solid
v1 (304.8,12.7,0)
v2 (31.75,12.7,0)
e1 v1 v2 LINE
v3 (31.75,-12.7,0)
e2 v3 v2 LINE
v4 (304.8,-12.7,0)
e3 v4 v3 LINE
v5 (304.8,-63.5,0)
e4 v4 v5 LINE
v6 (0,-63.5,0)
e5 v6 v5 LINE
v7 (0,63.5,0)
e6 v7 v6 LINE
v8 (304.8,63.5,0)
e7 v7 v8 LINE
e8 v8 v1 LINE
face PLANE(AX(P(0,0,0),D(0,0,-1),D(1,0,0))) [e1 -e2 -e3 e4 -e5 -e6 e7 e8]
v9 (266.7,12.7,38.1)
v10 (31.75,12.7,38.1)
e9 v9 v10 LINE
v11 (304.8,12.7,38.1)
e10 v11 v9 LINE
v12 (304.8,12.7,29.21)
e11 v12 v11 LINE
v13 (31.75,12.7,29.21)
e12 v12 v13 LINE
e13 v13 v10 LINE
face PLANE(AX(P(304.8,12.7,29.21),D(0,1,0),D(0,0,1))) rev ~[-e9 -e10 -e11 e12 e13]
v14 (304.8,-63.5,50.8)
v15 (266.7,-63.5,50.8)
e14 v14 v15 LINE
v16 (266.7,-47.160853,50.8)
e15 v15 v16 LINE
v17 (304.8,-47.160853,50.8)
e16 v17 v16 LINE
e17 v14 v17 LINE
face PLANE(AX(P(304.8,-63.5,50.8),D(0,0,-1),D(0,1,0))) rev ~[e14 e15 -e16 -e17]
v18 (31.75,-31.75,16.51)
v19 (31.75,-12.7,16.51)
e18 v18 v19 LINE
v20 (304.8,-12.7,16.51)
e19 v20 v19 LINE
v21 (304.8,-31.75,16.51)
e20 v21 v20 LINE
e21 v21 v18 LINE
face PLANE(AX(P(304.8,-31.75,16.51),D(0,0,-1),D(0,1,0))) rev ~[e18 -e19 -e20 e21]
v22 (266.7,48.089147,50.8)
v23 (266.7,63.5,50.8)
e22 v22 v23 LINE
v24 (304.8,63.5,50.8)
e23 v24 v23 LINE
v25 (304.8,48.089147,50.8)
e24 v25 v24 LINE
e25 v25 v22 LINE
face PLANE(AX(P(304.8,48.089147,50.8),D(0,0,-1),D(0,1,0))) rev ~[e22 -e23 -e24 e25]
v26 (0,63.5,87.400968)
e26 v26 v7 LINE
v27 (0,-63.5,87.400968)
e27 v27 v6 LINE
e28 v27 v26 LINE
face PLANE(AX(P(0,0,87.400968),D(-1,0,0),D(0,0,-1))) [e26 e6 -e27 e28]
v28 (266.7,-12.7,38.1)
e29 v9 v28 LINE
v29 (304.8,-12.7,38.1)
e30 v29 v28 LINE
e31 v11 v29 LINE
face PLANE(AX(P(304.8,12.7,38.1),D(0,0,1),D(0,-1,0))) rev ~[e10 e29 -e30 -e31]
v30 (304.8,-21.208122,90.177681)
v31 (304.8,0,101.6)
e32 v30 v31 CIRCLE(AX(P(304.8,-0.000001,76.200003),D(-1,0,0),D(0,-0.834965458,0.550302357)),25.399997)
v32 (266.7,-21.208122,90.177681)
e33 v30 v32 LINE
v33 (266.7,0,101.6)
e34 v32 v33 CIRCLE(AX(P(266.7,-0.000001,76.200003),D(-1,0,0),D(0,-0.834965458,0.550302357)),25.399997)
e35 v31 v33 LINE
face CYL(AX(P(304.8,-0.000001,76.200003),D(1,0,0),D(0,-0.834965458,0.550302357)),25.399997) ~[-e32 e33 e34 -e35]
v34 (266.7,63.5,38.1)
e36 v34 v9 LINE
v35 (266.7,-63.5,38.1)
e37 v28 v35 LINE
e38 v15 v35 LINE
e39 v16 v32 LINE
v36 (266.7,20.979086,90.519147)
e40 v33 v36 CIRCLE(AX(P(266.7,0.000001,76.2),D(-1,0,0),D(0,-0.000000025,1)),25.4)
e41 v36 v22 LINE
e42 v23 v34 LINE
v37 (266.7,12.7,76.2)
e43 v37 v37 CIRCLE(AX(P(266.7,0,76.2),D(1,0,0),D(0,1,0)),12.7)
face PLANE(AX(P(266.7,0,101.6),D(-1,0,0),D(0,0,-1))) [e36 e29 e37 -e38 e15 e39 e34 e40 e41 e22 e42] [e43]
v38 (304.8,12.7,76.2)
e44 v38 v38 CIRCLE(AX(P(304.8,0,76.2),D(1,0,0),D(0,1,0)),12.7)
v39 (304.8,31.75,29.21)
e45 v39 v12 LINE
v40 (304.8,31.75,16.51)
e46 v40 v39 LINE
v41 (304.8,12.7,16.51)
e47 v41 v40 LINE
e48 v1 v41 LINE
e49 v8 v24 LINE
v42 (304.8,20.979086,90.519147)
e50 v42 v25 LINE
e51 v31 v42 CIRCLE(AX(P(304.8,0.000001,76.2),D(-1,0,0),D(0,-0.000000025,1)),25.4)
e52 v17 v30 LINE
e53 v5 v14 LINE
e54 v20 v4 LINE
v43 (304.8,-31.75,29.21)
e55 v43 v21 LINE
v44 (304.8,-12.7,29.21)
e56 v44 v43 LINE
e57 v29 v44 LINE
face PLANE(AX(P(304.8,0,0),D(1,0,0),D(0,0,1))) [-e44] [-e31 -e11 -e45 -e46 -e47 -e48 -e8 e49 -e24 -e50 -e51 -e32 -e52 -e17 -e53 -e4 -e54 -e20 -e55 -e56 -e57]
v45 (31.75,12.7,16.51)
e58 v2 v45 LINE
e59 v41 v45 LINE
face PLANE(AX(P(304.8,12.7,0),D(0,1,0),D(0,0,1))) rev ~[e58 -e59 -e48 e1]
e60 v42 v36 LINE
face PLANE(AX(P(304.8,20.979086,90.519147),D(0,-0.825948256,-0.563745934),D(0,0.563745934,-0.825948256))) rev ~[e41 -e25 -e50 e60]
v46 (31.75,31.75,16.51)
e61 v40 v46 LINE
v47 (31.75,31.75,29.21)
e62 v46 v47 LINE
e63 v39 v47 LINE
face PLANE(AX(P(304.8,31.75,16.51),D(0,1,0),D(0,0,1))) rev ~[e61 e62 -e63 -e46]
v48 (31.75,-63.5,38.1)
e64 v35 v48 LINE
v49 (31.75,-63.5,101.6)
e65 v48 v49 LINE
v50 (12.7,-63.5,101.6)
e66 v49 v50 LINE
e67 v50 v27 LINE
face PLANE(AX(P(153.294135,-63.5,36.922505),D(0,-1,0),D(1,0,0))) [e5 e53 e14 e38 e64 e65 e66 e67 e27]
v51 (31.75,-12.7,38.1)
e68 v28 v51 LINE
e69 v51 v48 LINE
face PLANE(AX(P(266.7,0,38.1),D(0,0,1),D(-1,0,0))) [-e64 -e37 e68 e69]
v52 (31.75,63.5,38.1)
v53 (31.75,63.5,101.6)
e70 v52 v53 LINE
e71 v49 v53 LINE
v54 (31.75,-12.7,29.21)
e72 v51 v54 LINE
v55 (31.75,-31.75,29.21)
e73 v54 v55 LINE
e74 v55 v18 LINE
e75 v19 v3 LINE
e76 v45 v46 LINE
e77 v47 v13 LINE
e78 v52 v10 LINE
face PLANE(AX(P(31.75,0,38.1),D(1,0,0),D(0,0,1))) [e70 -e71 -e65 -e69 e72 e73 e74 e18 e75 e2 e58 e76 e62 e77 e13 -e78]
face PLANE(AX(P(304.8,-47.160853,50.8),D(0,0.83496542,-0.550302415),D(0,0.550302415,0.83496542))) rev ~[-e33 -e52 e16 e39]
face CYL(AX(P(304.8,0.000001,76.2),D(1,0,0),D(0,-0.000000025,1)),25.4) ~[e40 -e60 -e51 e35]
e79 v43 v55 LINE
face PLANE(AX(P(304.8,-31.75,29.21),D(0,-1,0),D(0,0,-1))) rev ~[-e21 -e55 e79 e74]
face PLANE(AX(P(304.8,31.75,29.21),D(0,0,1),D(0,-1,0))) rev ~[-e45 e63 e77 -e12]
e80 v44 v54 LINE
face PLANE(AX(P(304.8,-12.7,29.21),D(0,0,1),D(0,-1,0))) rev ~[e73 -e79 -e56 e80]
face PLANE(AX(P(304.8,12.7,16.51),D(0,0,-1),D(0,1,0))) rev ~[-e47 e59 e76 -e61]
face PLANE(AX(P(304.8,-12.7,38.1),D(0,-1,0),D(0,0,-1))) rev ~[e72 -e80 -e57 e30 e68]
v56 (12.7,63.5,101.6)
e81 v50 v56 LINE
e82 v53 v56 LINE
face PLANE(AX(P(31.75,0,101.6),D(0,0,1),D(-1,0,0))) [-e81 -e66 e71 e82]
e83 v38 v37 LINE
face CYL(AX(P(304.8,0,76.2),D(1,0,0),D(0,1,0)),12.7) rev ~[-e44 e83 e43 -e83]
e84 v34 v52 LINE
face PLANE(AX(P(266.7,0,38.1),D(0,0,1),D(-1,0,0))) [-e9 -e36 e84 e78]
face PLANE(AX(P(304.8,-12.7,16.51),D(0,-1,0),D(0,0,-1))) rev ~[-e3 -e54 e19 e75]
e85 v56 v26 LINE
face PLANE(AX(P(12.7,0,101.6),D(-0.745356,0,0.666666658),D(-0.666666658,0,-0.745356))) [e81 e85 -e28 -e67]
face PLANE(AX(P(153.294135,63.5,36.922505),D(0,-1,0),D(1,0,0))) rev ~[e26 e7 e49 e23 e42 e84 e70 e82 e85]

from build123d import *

# Parameters (mm, degrees)
F1_DEPTH = 63.5
F3_DEPTH = 38.1
F2_R     = 12.7
F4_DEPTH = 38.1
F5_DEPTH = 273.05


with BuildPart() as f1:
    # F0 (on Front) → F1 (new body, symmetric)
    with BuildSketch(Plane.XZ):
        Polygon((0, 87.400968), (0, 0), (304.8, 0), (304.8, 101.6), (266.7, 101.6), (266.7, 38.1), (31.75, 38.1), (31.75, 101.6), (12.7, 101.6), align=None)
    extrude(amount=F1_DEPTH, both=True)

    # F2 (on face) → F3 (cut)
    with BuildSketch(Plane.YZ.offset(304.8)):
        with BuildLine():
            Line((-63.5, 101.6), (-63.5, 50.8))
            Line((-63.5, 50.8), (-47.160853, 50.8))
            Line((-47.160853, 50.8), (-21.208122, 90.177681))
            ThreePointArc((-21.208122, 90.177681), (-12.044229, 98.562839), (0, 101.6))
            Line((0, 101.6), (-63.5, 101.6))
        make_face()
        with BuildLine():
            Line((63.5, 101.6), (0, 101.6))
            ThreePointArc((0, 101.6), (11.862834, 98.65959), (20.979086, 90.519147))
            Line((20.979086, 90.519147), (48.089147, 50.8))
            Line((48.089147, 50.8), (63.5, 50.8))
            Line((63.5, 50.8), (63.5, 101.6))
        make_face()
    extrude(amount=-F3_DEPTH, mode=Mode.SUBTRACT)

    # F2 (on face) → F4 (cut)
    with BuildSketch(Plane.YZ.offset(304.8)):
        with Locations((0, 76.2)):
            Circle(F2_R)
    extrude(amount=-F4_DEPTH, mode=Mode.SUBTRACT)

    # F2 (on face) → F5 (cut)
    with BuildSketch(Plane.YZ.offset(304.8)):
        Polygon((-12.7, 16.51), (-12.7, 0), (12.7, 0), (12.7, 16.51), (31.75, 16.51), (31.75, 29.21), (12.7, 29.21), (12.7, 38.1), (-12.7, 38.1), (-12.7, 29.21), (-31.75, 29.21), (-31.75, 16.51), align=None)
    extrude(amount=-F5_DEPTH, mode=Mode.SUBTRACT)


solid = f1.part
